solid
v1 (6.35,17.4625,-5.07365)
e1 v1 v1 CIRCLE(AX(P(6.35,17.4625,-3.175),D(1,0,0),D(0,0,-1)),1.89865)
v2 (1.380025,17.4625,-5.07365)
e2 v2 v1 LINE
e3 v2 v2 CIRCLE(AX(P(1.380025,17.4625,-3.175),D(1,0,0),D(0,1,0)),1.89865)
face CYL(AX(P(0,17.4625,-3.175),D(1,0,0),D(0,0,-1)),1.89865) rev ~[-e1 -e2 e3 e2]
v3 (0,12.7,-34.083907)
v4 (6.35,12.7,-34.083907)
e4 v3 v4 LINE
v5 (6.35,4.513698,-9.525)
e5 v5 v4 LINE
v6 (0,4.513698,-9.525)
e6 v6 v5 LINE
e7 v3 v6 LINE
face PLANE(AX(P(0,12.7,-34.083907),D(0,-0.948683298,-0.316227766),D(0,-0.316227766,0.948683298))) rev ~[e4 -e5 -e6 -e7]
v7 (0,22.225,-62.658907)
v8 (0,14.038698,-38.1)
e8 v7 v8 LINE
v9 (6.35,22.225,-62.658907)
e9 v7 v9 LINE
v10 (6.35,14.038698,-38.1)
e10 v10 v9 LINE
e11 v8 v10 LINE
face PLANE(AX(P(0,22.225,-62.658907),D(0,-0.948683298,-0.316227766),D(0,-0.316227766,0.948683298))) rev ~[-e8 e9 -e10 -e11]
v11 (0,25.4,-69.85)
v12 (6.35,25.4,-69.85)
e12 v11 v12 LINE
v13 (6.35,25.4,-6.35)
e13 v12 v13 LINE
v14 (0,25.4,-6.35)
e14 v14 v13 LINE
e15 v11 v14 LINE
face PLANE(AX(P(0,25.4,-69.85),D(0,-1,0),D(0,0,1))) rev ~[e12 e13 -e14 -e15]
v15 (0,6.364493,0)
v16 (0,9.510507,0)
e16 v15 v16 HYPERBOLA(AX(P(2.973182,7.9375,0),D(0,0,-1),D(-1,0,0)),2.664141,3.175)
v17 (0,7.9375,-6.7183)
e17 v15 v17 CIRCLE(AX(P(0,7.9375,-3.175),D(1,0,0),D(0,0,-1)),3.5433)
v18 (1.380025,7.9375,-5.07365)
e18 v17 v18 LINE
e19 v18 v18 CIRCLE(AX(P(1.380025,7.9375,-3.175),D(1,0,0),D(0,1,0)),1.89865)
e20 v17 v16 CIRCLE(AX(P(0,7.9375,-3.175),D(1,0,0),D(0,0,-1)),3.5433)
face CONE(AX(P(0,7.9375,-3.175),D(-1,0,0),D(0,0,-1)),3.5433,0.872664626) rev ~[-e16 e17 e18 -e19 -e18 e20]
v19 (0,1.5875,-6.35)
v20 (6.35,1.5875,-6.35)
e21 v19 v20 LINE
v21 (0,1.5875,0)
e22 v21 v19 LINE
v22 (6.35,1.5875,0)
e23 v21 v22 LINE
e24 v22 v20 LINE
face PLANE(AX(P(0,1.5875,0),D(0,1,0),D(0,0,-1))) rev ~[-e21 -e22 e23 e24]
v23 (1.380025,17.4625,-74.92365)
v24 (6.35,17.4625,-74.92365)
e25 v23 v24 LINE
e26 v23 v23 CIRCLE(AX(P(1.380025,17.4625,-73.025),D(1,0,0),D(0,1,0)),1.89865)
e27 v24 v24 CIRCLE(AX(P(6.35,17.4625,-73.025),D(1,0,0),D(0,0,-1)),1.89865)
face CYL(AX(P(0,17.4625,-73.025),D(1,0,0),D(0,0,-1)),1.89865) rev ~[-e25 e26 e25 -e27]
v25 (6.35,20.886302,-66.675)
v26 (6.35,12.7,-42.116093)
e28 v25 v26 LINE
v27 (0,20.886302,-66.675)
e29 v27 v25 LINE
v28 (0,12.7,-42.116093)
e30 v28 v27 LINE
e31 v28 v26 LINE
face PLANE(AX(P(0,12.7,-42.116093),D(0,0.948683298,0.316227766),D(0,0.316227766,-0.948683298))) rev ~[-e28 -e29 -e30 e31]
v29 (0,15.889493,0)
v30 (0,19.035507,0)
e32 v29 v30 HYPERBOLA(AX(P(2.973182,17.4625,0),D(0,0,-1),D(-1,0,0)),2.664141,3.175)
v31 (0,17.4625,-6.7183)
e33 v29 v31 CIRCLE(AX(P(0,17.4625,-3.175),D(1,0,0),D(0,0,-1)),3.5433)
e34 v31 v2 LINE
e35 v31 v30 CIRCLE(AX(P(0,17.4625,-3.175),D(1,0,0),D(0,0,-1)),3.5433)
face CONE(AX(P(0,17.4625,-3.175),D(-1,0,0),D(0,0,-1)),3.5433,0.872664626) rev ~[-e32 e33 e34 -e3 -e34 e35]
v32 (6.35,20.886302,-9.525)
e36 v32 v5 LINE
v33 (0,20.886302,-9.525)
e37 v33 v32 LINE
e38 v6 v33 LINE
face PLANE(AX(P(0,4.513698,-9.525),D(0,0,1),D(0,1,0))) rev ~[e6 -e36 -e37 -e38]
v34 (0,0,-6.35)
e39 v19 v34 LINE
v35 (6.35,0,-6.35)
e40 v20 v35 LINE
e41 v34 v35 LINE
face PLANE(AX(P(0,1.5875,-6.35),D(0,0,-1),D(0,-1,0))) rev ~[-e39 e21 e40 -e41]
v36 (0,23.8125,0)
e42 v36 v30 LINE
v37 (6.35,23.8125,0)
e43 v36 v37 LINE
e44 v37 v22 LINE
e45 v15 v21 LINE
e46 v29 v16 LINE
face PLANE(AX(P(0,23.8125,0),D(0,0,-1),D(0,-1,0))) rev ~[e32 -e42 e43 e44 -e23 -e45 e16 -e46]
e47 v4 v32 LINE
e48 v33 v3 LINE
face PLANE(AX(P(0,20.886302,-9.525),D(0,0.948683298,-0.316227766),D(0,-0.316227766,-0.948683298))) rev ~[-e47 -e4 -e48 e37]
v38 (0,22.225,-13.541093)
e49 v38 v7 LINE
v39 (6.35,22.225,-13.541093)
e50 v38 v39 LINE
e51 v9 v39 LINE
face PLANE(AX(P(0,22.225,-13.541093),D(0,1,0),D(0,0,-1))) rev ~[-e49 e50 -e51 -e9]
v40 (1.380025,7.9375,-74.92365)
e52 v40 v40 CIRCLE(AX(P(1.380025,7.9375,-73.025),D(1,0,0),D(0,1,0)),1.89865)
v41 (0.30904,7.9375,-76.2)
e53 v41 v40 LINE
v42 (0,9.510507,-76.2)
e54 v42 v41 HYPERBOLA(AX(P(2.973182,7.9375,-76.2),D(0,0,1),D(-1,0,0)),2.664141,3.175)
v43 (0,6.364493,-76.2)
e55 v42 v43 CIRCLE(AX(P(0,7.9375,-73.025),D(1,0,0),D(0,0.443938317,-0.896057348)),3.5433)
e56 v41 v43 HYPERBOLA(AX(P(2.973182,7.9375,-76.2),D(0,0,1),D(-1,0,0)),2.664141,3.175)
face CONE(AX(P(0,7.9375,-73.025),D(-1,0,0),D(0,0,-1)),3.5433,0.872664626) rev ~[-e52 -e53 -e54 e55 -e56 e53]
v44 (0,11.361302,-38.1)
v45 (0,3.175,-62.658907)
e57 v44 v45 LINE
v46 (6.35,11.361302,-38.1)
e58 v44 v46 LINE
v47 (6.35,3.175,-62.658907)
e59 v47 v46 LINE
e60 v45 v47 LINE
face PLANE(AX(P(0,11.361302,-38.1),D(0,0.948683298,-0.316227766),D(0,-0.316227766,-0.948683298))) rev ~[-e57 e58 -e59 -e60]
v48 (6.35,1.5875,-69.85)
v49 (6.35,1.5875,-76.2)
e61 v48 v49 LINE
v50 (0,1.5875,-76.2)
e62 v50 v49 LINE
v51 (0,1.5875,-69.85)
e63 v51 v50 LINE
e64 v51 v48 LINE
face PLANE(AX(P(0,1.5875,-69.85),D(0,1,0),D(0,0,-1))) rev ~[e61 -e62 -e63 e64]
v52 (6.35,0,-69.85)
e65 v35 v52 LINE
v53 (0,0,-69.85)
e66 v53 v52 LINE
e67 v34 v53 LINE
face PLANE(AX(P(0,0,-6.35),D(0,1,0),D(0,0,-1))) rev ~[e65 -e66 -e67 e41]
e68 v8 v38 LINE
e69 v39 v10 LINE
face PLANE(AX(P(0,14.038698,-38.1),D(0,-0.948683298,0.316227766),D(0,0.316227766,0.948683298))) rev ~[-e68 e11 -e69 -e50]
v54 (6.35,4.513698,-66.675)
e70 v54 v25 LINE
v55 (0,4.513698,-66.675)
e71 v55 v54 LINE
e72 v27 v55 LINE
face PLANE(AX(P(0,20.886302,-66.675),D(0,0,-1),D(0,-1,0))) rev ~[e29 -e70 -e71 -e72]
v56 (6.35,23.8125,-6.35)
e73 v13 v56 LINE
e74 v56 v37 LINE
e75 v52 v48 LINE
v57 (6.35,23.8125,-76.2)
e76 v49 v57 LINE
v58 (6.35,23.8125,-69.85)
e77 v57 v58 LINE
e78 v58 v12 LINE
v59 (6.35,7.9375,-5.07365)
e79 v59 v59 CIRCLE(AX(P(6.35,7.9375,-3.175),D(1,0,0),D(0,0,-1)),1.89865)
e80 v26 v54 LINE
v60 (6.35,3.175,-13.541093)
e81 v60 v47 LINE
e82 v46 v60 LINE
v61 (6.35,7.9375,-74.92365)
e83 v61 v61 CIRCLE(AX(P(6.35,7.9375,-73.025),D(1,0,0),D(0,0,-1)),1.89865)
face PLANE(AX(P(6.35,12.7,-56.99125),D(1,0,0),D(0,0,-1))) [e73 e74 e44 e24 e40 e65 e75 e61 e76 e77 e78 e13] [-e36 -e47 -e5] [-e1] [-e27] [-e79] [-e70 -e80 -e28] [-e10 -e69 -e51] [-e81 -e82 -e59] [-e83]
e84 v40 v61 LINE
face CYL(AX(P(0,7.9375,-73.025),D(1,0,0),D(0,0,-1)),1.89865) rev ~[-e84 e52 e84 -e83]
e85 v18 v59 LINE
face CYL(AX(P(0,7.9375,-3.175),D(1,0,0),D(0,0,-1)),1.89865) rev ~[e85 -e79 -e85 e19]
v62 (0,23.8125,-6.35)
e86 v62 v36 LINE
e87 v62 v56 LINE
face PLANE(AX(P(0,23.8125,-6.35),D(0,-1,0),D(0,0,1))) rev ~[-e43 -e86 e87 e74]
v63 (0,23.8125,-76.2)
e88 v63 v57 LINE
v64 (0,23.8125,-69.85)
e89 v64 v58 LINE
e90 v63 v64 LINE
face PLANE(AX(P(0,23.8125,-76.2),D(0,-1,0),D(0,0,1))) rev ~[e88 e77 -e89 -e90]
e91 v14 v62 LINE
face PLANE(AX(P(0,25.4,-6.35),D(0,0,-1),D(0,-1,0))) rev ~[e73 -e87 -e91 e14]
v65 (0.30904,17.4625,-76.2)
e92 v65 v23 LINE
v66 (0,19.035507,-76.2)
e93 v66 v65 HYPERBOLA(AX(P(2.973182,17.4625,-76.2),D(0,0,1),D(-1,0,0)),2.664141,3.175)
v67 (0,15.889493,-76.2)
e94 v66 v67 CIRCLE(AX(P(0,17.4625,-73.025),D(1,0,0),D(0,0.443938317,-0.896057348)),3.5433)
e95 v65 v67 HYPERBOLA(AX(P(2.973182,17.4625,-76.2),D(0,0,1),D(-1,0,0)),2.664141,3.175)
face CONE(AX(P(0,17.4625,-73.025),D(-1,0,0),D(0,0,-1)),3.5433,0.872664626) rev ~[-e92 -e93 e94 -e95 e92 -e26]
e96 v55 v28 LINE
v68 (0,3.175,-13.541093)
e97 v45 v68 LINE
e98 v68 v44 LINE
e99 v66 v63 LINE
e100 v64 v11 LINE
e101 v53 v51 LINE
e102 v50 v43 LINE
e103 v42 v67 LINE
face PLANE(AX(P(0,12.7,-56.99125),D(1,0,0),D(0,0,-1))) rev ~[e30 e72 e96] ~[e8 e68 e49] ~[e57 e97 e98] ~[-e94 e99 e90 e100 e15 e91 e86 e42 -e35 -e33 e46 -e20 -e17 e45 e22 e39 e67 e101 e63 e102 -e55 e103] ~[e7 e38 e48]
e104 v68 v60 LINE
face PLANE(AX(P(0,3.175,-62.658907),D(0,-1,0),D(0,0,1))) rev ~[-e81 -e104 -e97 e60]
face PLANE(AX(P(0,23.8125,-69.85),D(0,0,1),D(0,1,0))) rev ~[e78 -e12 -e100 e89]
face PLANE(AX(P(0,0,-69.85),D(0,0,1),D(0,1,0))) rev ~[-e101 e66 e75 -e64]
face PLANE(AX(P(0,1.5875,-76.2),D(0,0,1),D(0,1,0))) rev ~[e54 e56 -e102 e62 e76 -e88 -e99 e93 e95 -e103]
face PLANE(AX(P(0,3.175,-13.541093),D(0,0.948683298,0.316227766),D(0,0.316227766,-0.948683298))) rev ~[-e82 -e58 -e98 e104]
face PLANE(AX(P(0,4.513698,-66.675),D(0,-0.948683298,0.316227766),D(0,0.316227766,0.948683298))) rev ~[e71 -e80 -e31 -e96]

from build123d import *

# Parameters (mm, degrees)
BOSS_EXTRUDE1_DEPTH                               = 6.35
CSK_FOR_6_FLAT_HEAD_MACHINE_SCREW_100_D           = 3.7973
CSK_FOR_6_FLAT_HEAD_MACHINE_SCREW_100_CSINK_D     = 7.0866
CSK_FOR_6_FLAT_HEAD_MACHINE_SCREW_100_CSINK_ANGLE = 100
CUT_EXTRUDE1_DEPTH                                = 81.572467382


with BuildPart() as part:
    # Sketch1 → Boss-Extrude1 (new body)
    with BuildSketch(Plane(origin=(0, 0, 0), x_dir=(0, 0, -1), z_dir=(1, 0, 0))):
        Polygon((69.85, 25.4), (38.1, 25.4), (38.1, 0), (69.85, 0), (69.85, 1.5875), (76.2, 1.5875), (76.2, 23.8125), (69.85, 23.8125), align=None)
        Polygon((38.1, 0), (38.1, 25.4), (6.35, 25.4), (6.35, 23.8125), (0, 23.8125), (0, 1.5875), (6.35, 1.5875), (6.35, 0), align=None)
    extrude(amount=BOSS_EXTRUDE1_DEPTH)

    # CSK for #6 Flat Head Machine Screw (100)1 (through all)
    with Locations(Plane.ZY):
        with Locations((-73.025, 17.4625), (-73.025, 7.9375), (-3.175, 17.4625), (-3.175, 7.9375)):
            CounterSinkHole(CSK_FOR_6_FLAT_HEAD_MACHINE_SCREW_100_D / 2, CSK_FOR_6_FLAT_HEAD_MACHINE_SCREW_100_CSINK_D / 2, counter_sink_angle=CSK_FOR_6_FLAT_HEAD_MACHINE_SCREW_100_CSINK_ANGLE)

    # Sketch4 → Cut-Extrude1 (cut, through all)
    with BuildSketch(Plane.ZY):
        Polygon((-42.116092628, 12.7), (-66.675, 20.886302457), (-66.675, 4.513697543), align=None)
        Polygon((-13.541092628, 22.225), (-62.658907372, 22.225), (-38.1, 14.038697543), align=None)
        Polygon((-9.525, 20.886302457), (-34.083907372, 12.7), (-9.525, 4.513697543), align=None)
        Polygon((-13.541092628, 3.175), (-38.1, 11.361302457), (-62.658907372, 3.175), align=None)
    extrude(amount=-CUT_EXTRUDE1_DEPTH, mode=Mode.SUBTRACT)


solid = part.part
